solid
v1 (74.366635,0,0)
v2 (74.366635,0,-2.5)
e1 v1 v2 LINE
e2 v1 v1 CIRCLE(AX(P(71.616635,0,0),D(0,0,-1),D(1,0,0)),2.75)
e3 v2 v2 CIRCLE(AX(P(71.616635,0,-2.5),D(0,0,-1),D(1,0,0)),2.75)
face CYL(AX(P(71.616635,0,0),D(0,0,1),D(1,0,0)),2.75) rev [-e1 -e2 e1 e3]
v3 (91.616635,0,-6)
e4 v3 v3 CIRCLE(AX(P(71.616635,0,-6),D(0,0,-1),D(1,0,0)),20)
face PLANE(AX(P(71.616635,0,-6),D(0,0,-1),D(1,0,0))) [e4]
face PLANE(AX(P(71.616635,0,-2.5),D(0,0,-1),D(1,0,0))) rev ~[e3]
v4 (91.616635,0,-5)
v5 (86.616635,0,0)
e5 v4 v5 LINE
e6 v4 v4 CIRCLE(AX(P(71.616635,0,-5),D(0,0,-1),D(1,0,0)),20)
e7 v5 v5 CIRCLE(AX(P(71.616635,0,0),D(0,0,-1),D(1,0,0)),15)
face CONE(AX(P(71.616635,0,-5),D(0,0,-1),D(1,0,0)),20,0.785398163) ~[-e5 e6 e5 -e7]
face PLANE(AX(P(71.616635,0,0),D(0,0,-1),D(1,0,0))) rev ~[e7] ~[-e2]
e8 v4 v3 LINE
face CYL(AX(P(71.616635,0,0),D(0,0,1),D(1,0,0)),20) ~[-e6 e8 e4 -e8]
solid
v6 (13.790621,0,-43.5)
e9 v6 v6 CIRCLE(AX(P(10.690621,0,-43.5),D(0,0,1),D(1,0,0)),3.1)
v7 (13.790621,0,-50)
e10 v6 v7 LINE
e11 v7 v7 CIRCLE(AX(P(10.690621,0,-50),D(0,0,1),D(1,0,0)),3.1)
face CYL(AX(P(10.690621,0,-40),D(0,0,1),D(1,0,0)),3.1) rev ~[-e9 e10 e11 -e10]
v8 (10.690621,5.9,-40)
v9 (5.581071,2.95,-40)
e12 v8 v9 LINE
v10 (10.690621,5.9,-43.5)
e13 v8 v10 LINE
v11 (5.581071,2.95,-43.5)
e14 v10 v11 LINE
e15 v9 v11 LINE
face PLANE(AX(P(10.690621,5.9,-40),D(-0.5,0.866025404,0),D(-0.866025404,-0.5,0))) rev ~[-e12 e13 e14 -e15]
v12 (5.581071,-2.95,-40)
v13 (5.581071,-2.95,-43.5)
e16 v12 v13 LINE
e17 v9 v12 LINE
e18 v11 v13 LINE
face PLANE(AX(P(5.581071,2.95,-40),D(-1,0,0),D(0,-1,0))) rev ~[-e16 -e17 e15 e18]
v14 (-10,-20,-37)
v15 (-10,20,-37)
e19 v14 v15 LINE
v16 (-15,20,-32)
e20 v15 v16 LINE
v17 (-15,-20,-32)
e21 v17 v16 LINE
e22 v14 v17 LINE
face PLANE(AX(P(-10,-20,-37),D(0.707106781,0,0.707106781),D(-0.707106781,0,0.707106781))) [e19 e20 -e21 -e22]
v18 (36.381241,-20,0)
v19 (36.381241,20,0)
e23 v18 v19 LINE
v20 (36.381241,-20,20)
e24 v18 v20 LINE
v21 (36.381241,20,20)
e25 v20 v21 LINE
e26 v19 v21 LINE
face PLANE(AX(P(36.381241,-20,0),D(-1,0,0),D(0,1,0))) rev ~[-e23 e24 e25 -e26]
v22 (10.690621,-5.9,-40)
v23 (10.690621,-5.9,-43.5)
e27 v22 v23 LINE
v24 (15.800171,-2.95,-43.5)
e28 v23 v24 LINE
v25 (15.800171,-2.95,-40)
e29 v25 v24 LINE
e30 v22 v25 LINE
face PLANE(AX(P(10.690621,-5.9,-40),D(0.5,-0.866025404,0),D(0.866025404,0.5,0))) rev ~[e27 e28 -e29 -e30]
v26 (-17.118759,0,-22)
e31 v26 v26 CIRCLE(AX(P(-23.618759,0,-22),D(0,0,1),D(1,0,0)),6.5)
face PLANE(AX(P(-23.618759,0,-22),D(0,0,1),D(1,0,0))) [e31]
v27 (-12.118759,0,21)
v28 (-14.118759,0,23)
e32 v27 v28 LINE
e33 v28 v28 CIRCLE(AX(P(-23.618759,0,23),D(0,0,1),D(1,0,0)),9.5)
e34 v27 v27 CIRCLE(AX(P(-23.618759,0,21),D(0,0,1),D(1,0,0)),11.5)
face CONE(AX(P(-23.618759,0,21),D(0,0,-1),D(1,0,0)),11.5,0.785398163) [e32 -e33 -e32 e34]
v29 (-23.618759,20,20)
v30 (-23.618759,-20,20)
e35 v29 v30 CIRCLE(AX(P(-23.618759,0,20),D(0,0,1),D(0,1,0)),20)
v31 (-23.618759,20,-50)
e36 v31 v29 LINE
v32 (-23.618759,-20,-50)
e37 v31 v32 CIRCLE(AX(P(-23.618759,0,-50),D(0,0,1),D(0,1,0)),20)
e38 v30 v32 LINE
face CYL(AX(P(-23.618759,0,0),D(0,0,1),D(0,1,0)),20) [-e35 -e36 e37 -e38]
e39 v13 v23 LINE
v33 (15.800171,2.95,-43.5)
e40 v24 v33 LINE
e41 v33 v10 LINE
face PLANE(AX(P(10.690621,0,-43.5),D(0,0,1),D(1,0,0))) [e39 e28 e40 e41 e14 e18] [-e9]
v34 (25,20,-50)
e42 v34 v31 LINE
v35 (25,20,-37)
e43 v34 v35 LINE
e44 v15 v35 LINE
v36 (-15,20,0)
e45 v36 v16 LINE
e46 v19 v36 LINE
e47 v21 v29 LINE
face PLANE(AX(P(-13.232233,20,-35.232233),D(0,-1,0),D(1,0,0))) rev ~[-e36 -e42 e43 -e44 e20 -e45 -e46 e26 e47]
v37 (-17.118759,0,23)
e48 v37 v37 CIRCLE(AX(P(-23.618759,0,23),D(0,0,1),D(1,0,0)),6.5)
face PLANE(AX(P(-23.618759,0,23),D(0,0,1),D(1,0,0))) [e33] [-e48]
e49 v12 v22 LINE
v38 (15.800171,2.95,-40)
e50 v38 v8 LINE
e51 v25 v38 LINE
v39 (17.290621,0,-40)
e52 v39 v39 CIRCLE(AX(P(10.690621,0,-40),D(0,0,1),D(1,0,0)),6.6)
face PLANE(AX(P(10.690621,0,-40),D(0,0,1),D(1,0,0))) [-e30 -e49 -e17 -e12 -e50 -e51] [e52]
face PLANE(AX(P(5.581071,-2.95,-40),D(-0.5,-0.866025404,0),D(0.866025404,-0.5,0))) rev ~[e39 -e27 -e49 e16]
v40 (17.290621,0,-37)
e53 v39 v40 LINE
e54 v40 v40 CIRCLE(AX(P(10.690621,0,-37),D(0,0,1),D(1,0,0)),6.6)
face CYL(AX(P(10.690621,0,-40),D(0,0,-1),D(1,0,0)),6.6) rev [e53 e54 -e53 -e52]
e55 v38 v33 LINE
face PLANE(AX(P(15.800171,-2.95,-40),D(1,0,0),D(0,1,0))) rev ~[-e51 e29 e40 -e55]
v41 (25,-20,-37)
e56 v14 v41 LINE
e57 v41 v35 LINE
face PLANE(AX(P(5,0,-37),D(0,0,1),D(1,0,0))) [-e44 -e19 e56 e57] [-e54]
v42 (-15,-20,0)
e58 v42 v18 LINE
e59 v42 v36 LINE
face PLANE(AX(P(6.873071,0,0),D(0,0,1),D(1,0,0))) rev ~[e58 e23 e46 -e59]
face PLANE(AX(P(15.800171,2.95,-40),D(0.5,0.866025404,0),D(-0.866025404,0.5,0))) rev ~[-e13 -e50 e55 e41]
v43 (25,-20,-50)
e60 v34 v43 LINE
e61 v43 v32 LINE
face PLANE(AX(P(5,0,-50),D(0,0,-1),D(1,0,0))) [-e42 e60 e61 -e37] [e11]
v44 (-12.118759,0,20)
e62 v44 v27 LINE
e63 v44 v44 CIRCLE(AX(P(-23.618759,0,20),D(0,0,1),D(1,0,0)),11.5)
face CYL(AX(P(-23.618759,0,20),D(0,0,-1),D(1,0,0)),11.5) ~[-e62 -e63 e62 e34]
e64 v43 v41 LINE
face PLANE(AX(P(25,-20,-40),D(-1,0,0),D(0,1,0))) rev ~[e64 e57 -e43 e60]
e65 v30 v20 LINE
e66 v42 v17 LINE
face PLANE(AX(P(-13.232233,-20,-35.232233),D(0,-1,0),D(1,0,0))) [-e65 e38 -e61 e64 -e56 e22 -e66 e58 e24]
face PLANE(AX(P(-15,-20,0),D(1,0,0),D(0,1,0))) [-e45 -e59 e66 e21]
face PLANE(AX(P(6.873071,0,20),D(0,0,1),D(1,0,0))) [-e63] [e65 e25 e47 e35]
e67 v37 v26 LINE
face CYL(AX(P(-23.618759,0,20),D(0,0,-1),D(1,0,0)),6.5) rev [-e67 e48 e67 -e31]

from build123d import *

# Parameters (mm, degrees)
F0_R      = 6.5
F1_DEPTH  = 20
F3_DEPTH  = 50
F4_DEPTH  = 22
F5_W      = 40
F5_H      = 40
F6_DEPTH  = 10
F7_R      = 11.5
F7_R_2    = 6.5
F8_DEPTH  = 3
F9_SIZE   = 2
F11_DEPTH = 3.5
F10_W     = 40
F10_H     = 40
F10_R     = 6.6
F12_DEPTH = 3
F13_DEPTH = 3
F14_D     = 6.2
F14_DEPTH = 10.001
F15_R     = 20
F15_R_2   = 2.75
F16_DEPTH = 6
F17_SIZE  = 5
F18_DEPTH = 2.5
F19_ANGLE = 180
F21_DEPTH = 40


with BuildPart() as f1:
    # F0 (on Top) → F1 (new body)
    with BuildSketch(Plane.XY):
        with BuildLine():
            Line((36.3812413297, 20), (-23.6187586703, 20))
            ThreePointArc((-23.6187586703, 20), (-9.4766230466, 14.1421356237), (-3.6187586703, 0))
            ThreePointArc((-3.6187586703, 0), (-9.4766230466, -14.1421356237), (-23.6187586703, -20))
            Line((-23.6187586703, -20), (36.3812413297, -20))
            Line((36.3812413297, -20), (36.3812413297, 20))
        make_face()
        with BuildLine():
            ThreePointArc((-3.6187586703, 0), (-9.4766230466, 14.1421356237), (-23.6187586703, 20))
            ThreePointArc((-23.6187586703, 20), (-43.6187586703, 0), (-23.6187586703, -20))
            ThreePointArc((-23.6187586703, -20), (-9.4766230466, -14.1421356237), (-3.6187586703, 0))
        make_face()
        with Locations((-23.6187586703, 0)):
            Circle(F0_R, mode=Mode.SUBTRACT)
    extrude(amount=F1_DEPTH)

    # F2 (on Top) → F3 (join)
    with BuildSketch(Plane.XY):
        with BuildLine():
            Line((-15, -20), (-15, 20))
            Line((-15, 20), (-23.6187586703, 20))
            ThreePointArc((-23.6187586703, 20), (-43.6187586703, 0), (-23.6187586703, -20))
            Line((-23.6187586703, -20), (-15, -20))
        make_face()
    extrude(amount=-F3_DEPTH)

    # F0 (on Top) → F4 (cut)
    with BuildSketch(Plane.XY):
        with Locations((-23.6187586703, 0)):
            Circle(F0_R)
    extrude(amount=-F4_DEPTH, mode=Mode.SUBTRACT)

    # F5 (on face) → F6 (join)
    with BuildSketch(Plane(origin=(0, 0, -50), x_dir=(1, 0, 0), z_dir=(0, 0, -1))):
        with Locations((5, 0)):
            Rectangle(F5_W, F5_H)
    extrude(amount=-F6_DEPTH)

    # F7 (on face) → F8 (join)
    with BuildSketch(Plane.XY.offset(20)):
        with Locations((-23.6187586703, 0)):
            Circle(F7_R)
        with Locations((-23.6187586703, 0)):
            Circle(F7_R_2, mode=Mode.SUBTRACT)
    extrude(amount=F8_DEPTH)

    # F9
    f9_edges = [f1.edges().sort_by_distance(p)[0] for p in [
        (-35.118759, 0, 23),
    ]]
    chamfer(f9_edges, length=F9_SIZE)

    # F10 (on face) → F11 (cut)
    with BuildSketch(Plane.XY.offset(-40)):
        Polygon((5.5810707825, 2.95), (5.5810707825, -2.95), (10.6906206648, -5.9), (15.8001705472, -2.95), (15.8001705472, 2.95), (10.6906206648, 5.9), align=None)
    extrude(amount=-F11_DEPTH, mode=Mode.SUBTRACT)

    # F10 (on face) → F12 (join)
    with BuildSketch(Plane.XY.offset(-40)):
        with Locations((5, 0)):
            Rectangle(F10_W, F10_H)
        with Locations((10.6906206648, 0)):
            Circle(F10_R, mode=Mode.SUBTRACT)
        with Locations((10.6906206648, 0)):
            Circle(F10_R)
        Polygon((10.6906206648, -5.9), (5.5810707825, -2.95), (5.5810707825, 2.95), (10.6906206648, 5.9), (15.8001705472, 2.95), (15.8001705472, -2.95), align=None, mode=Mode.SUBTRACT)
        Polygon((5.5810707825, 2.95), (5.5810707825, -2.95), (10.6906206648, -5.9), (15.8001705472, -2.95), (15.8001705472, 2.95), (10.6906206648, 5.9), align=None)
    extrude(amount=F12_DEPTH)

    # F10 (on face) → F13 (cut)
    with BuildSketch(Plane.XY.offset(-40)):
        with Locations((10.6906206648, 0)):
            Circle(F10_R)
        Polygon((10.6906206648, -5.9), (5.5810707825, -2.95), (5.5810707825, 2.95), (10.6906206648, 5.9), (15.8001705472, 2.95), (15.8001705472, -2.95), align=None, mode=Mode.SUBTRACT)
        Polygon((5.5810707825, 2.95), (5.5810707825, -2.95), (10.6906206648, -5.9), (15.8001705472, -2.95), (15.8001705472, 2.95), (10.6906206648, 5.9), align=None)
    extrude(amount=F13_DEPTH, mode=Mode.SUBTRACT)

    # F14 (through all, one way)
    with BuildSketch(Plane.XY.offset(-40)):
        with Locations((10.6906206648, 0)):
            Circle(F14_D / 2)
    extrude(amount=-F14_DEPTH, mode=Mode.SUBTRACT)

    # F20 (on face) → F21 (join)
    with BuildSketch(Plane.XZ.offset(20)):
        Polygon((-15, -32), (-15, -37), (-10, -37), align=None)
    extrude(amount=-F21_DEPTH)


with BuildPart() as f16:
    # F15 (on Top) → F16 (new body)
    with BuildSketch(Plane.XY):
        with Locations((71.6166347265, 0)):
            Circle(F15_R)
        with Locations((71.6166347265, 0)):
            Circle(F15_R_2, mode=Mode.SUBTRACT)
        with Locations((71.6166347265, 0)):
            Circle(F15_R_2)
    extrude(amount=F16_DEPTH)

    # F17
    f17_edges = [f16.edges().sort_by_distance(p)[0] for p in [
        (51.616635, 0, 0),
    ]]
    chamfer(f17_edges, length=F17_SIZE)

    # F15 (on Top) → F18 (cut)
    with BuildSketch(Plane.XY):
        with Locations((71.6166347265, 0)):
            Circle(F15_R_2)
    extrude(amount=F18_DEPTH, mode=Mode.SUBTRACT)


with BuildPart() as f16_1:
    # F19: moved
    add(f16.part.rotate(Axis((-1.4796741307, 0, 0), (1, 0, 0)), F19_ANGLE))


solid = Compound([f1.part, f16_1.part])
